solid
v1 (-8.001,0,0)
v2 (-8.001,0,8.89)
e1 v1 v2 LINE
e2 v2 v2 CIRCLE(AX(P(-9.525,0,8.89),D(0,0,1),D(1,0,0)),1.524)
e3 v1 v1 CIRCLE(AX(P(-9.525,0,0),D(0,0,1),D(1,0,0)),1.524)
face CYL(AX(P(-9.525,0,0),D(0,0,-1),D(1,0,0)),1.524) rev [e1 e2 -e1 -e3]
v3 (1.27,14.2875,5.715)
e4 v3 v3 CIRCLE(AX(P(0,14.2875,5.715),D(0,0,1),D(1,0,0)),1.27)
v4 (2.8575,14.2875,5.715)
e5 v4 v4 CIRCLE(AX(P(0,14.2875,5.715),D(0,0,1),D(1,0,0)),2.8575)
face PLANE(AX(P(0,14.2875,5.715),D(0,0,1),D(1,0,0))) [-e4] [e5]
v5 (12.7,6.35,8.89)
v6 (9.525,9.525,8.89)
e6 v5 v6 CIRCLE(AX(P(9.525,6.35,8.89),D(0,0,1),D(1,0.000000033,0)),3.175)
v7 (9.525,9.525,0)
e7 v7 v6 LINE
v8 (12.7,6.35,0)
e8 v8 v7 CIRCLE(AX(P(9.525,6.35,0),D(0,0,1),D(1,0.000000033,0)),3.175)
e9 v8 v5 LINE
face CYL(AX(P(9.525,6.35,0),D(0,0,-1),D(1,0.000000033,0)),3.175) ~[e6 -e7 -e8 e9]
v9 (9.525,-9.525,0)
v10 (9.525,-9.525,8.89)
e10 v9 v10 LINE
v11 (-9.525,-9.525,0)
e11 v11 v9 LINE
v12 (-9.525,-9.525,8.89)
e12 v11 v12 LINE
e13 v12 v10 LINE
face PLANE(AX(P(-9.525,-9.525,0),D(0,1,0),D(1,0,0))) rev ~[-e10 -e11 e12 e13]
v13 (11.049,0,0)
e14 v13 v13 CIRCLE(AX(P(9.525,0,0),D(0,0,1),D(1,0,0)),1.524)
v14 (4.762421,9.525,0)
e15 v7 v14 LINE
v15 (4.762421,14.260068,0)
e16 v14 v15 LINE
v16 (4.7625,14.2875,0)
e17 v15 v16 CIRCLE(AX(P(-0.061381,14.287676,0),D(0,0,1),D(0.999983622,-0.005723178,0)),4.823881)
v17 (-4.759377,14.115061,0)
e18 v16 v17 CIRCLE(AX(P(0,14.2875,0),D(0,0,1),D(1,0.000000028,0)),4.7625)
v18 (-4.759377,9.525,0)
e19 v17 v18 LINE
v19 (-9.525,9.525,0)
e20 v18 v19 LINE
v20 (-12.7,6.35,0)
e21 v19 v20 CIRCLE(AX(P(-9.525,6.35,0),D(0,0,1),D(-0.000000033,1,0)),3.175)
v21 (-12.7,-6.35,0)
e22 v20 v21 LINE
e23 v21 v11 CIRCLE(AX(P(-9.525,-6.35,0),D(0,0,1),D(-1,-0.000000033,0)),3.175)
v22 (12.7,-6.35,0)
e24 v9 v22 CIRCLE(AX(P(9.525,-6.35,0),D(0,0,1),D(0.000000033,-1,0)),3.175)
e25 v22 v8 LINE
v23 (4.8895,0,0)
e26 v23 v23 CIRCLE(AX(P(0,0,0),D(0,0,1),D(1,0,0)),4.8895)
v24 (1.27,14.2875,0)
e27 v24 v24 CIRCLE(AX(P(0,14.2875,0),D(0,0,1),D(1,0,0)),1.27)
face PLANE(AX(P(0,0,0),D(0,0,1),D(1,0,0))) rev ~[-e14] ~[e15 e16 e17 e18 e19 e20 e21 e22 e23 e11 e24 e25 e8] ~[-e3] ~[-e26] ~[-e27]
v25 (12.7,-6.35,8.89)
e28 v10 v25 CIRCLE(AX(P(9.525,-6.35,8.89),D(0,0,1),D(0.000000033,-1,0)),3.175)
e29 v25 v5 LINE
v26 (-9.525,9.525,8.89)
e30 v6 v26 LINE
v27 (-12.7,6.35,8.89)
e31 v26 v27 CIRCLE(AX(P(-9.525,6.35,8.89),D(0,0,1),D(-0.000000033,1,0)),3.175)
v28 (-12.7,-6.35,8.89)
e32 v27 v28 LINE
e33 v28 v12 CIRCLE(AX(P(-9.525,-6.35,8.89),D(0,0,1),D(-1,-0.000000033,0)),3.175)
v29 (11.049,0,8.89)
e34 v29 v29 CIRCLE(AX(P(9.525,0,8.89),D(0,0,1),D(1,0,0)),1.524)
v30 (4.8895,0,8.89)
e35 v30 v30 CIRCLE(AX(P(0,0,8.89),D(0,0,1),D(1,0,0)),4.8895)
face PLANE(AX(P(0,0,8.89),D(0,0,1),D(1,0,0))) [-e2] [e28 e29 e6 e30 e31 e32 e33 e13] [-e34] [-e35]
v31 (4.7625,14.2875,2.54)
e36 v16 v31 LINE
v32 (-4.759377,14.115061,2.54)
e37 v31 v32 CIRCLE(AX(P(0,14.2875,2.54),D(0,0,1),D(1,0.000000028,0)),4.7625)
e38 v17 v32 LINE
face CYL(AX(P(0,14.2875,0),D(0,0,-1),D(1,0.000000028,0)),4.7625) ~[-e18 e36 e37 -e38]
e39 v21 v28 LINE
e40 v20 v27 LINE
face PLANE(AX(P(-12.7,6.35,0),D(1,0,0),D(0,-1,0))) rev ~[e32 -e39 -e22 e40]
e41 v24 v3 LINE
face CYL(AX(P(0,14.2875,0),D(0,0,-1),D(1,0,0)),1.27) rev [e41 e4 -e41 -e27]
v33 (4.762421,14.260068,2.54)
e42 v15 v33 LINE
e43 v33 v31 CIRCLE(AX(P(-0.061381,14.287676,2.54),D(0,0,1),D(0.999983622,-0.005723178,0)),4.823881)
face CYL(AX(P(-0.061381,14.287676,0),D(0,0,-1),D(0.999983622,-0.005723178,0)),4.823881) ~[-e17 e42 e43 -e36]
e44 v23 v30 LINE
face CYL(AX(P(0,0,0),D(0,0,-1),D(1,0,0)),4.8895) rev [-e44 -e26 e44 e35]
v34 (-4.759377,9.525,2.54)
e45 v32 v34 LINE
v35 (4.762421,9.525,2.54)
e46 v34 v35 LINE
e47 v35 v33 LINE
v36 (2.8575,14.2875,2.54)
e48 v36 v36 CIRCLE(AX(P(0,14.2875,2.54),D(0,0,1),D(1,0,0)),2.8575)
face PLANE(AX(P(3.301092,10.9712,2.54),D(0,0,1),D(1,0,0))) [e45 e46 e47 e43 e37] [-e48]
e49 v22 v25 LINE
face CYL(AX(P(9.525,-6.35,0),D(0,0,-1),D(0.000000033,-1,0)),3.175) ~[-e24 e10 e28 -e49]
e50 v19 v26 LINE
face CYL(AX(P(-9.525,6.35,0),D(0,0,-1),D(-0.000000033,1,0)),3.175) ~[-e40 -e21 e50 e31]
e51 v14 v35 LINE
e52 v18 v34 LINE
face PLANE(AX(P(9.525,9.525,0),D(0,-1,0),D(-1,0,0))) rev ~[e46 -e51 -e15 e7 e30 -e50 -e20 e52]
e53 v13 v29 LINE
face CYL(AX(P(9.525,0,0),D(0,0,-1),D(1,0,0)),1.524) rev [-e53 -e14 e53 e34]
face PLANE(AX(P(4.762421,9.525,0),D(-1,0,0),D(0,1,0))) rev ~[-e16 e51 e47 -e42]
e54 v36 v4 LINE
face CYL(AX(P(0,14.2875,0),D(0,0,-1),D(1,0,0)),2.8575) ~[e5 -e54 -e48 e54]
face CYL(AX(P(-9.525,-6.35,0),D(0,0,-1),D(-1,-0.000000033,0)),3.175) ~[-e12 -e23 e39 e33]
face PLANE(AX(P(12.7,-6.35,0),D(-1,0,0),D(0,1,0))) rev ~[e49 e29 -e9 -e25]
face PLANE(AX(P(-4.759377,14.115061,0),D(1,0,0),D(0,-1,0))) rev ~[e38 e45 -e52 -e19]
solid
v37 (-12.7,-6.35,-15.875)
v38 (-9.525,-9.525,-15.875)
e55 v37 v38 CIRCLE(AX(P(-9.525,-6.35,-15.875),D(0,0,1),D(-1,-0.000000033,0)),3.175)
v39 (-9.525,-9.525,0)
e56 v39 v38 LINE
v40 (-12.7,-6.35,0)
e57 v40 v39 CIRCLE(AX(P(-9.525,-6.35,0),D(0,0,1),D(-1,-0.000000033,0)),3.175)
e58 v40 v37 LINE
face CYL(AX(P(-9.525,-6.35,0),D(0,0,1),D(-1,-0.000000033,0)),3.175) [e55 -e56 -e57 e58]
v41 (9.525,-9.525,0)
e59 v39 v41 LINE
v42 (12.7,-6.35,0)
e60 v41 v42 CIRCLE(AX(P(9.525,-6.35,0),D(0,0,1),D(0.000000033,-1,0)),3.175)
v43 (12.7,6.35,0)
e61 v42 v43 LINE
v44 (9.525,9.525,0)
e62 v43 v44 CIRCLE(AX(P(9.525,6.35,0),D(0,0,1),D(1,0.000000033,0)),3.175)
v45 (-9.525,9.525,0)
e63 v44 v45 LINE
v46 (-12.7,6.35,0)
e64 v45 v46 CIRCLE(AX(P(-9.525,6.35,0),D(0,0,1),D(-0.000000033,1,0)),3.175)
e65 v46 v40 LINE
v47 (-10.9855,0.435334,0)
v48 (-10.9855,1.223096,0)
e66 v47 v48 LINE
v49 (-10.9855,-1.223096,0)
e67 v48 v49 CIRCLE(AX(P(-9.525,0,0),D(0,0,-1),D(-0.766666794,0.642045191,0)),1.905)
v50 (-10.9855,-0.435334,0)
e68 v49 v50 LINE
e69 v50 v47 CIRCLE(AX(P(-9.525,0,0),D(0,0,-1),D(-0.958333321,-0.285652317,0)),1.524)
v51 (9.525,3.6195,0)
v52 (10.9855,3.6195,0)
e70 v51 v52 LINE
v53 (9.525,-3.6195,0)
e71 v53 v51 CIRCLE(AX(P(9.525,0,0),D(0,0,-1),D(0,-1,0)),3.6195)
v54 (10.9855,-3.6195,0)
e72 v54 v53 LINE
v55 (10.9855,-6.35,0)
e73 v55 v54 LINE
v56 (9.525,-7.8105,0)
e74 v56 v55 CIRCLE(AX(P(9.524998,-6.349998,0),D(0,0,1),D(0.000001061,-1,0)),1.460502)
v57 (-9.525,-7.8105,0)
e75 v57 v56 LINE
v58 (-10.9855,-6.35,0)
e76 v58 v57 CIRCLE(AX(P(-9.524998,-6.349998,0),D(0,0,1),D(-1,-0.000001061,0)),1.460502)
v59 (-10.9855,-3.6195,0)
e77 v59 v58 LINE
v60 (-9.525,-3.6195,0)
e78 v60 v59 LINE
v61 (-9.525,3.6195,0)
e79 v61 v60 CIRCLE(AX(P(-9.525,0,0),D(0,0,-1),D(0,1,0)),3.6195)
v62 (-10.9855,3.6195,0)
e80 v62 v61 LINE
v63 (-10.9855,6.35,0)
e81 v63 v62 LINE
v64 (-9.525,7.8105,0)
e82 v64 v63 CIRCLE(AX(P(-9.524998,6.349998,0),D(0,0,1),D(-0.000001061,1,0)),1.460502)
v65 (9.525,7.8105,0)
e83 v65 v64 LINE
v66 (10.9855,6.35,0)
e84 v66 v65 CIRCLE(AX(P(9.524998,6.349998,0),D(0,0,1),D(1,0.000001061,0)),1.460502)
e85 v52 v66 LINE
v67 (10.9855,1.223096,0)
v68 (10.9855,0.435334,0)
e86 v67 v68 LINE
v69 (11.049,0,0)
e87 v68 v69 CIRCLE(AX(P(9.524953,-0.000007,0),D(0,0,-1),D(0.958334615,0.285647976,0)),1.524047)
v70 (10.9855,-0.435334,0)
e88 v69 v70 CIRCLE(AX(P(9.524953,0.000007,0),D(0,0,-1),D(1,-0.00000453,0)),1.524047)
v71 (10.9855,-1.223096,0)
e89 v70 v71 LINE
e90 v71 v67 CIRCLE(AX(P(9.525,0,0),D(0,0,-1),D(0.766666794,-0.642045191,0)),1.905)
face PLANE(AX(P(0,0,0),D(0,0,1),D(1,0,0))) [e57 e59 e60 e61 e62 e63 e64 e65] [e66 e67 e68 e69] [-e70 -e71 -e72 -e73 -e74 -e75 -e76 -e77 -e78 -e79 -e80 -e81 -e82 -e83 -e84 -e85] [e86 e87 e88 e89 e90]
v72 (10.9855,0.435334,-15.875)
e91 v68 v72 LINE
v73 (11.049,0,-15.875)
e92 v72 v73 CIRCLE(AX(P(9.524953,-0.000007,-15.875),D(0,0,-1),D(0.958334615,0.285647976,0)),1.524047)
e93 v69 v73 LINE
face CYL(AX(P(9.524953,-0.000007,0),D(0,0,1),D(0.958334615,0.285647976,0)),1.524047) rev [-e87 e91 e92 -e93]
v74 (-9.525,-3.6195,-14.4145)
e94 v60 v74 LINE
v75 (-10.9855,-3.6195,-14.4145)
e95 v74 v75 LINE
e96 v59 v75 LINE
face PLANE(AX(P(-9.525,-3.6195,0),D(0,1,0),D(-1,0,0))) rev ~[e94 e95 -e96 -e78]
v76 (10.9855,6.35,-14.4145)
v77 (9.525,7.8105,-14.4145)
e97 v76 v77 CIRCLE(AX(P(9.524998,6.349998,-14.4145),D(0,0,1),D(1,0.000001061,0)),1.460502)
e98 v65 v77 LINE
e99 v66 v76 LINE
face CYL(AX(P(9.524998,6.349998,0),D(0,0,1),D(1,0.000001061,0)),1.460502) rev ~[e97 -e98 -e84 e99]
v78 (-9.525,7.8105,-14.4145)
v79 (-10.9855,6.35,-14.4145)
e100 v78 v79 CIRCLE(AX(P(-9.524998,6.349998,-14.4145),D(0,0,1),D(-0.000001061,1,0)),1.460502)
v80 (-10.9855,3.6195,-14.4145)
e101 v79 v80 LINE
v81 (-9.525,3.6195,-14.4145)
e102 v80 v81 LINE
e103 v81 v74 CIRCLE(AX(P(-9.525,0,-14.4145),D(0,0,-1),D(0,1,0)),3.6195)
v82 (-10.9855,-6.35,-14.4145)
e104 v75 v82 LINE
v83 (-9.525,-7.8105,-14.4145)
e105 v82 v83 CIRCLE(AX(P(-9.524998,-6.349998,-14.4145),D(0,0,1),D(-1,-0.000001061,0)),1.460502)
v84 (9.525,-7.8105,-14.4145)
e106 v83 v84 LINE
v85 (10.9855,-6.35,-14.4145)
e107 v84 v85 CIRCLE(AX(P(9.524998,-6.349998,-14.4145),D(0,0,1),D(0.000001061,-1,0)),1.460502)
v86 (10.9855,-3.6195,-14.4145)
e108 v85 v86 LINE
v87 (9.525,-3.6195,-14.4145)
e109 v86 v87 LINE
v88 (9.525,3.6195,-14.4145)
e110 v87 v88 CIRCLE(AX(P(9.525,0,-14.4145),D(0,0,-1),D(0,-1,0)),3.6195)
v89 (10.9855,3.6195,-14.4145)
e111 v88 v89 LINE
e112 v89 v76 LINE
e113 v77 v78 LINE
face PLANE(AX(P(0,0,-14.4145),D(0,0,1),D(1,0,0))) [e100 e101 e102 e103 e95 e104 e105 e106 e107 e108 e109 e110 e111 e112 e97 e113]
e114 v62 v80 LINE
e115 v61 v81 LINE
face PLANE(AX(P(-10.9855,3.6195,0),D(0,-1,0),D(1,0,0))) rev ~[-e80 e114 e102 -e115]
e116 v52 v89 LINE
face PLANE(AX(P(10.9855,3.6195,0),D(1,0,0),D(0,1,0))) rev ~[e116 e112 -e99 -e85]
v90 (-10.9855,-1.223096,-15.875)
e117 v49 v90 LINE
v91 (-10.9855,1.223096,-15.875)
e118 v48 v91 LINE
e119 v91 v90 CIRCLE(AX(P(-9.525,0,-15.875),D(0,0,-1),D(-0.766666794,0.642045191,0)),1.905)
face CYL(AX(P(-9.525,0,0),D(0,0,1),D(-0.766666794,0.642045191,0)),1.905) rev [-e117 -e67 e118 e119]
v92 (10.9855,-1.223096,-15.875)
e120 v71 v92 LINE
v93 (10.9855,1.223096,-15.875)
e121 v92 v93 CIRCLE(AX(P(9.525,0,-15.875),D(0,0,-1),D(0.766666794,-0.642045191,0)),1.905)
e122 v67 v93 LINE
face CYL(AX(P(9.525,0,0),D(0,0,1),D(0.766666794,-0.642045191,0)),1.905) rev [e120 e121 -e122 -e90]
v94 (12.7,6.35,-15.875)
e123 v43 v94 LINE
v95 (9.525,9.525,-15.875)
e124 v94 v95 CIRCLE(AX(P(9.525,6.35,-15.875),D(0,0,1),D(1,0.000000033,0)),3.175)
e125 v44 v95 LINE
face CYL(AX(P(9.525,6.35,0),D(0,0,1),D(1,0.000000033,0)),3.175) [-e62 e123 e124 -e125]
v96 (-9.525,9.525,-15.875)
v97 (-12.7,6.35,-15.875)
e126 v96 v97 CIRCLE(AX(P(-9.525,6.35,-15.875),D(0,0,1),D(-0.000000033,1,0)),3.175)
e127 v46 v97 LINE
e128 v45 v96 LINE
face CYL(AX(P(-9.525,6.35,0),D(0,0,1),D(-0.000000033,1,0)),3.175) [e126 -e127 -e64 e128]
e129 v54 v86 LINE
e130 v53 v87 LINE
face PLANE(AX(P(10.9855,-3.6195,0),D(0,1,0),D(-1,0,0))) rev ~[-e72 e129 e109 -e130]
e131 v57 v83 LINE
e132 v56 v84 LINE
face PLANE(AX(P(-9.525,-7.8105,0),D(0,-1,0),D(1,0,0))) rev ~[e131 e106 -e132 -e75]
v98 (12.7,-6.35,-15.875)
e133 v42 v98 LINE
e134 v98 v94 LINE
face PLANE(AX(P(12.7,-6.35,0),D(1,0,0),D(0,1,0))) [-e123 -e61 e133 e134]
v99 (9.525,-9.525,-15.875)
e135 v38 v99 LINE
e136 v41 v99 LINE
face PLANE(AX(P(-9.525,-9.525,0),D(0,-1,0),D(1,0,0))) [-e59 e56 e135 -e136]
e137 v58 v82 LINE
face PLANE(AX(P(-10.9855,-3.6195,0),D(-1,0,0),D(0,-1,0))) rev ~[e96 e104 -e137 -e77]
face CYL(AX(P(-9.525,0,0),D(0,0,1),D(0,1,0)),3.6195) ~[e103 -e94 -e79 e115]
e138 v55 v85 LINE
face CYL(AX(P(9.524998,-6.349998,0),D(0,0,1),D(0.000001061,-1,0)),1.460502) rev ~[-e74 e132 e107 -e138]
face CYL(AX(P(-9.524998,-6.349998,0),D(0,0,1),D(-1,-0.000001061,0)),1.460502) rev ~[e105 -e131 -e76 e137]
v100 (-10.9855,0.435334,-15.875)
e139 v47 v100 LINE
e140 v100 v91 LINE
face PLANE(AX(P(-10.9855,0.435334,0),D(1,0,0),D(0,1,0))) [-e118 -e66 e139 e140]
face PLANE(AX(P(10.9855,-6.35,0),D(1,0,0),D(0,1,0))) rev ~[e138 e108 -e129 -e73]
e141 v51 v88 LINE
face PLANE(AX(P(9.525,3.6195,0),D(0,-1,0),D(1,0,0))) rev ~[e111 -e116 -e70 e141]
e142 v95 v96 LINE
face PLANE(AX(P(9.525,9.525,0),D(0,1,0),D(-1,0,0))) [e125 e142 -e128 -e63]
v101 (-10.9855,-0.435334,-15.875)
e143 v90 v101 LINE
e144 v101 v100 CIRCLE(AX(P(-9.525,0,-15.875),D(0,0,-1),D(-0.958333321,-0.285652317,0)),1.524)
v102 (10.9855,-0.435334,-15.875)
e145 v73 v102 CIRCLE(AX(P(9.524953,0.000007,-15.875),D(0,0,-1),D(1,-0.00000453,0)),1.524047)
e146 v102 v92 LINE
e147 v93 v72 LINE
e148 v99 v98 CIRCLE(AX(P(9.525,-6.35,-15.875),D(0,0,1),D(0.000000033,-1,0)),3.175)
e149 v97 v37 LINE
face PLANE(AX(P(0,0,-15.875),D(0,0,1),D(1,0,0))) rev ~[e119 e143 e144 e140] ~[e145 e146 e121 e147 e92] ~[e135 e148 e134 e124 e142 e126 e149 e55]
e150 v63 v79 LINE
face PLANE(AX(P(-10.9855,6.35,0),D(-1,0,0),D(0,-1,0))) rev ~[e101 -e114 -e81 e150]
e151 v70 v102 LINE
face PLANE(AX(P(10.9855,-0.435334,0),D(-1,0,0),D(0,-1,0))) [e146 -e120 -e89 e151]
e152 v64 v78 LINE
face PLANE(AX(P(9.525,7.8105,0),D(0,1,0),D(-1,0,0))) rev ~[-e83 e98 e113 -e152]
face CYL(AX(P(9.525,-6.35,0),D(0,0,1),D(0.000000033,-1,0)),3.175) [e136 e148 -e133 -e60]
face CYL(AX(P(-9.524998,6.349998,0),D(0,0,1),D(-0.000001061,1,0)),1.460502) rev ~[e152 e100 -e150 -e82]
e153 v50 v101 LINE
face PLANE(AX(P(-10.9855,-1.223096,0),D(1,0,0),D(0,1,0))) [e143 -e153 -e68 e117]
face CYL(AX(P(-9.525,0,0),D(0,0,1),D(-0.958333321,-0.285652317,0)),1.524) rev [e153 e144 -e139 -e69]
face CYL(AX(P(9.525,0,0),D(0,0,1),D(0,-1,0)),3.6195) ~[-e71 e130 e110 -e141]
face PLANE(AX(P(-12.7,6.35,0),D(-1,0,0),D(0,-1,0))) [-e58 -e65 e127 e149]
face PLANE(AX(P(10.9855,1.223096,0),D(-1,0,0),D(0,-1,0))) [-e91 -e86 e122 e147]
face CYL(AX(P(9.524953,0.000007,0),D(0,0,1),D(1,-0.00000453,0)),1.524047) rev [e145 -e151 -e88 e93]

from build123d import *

# Parameters (mm, degrees)
F0_R     = 1.524
F0_R_2   = 4.8895
F1_DEPTH = 8.89
F0_R_3   = 2.8575
F2_DEPTH = 2.54
F0_R_4   = 1.27
F3_DEPTH = 5.715
F4_R     = 4.8895
F5_DEPTH = 15.875
F6_DEPTH = 14.4145


with BuildPart() as f1:
    # F0 (on Top) → F1 (new body)
    with BuildSketch(Plane.XY):
        with BuildLine():
            Line((-9.525, -9.525), (9.525, -9.525))
            ThreePointArc((9.525, -9.525), (11.770064, -8.595064), (12.7, -6.35))
            Line((12.7, -6.35), (12.7, 6.35))
            ThreePointArc((12.7, 6.35), (11.770064, 8.595064), (9.525, 9.525))
            Line((9.525, 9.525), (4.762421, 9.525))
            Line((4.762421, 9.525), (0, 9.525))
            Line((0, 9.525), (-4.759377, 9.525))
            Line((-4.759377, 9.525), (-9.525, 9.525))
            ThreePointArc((-9.525, 9.525), (-11.770064, 8.595064), (-12.7, 6.35))
            Line((-12.7, 6.35), (-12.7, -6.35))
            ThreePointArc((-12.7, -6.35), (-11.770064, -8.595064), (-9.525, -9.525))
        make_face()
        with Locations((-9.525, 0)):
            Circle(F0_R, mode=Mode.SUBTRACT)
        Circle(F0_R_2, mode=Mode.SUBTRACT)
        with Locations((9.525, 0)):
            Circle(F0_R, mode=Mode.SUBTRACT)
    extrude(amount=F1_DEPTH)

    # F0 (on Top) → F2 (join)
    with BuildSketch(Plane.XY):
        with BuildLine():
            Line((0, 9.525), (4.762421, 9.525))
            Line((4.762421, 9.525), (4.762421, 14.260068))
            ThreePointArc((4.762421, 14.260068), (3.357883, 10.910219), (0, 9.525))
        make_face()
        with BuildLine():
            Line((-4.759377, 14.115061), (-4.759377, 9.525))
            Line((-4.759377, 9.525), (0, 9.525))
            ThreePointArc((0, 9.525), (-3.306067, 10.859479), (-4.759377, 14.115061))
        make_face()
        with BuildLine():
            ThreePointArc((-4.759377, 14.115061), (-3.306067, 10.859479), (0, 9.525))
            ThreePointArc((0, 9.525), (3.357883, 10.910219), (4.762421, 14.260068))
            ThreePointArc((4.762421, 14.260068), (4.76248, 14.273784), (4.7625, 14.2875))
            ThreePointArc((4.7625, 14.2875), (-0.086234, 19.049219), (-4.759377, 14.115061))
        make_face()
        with Locations((0, 14.2875)):
            Circle(F0_R_3, mode=Mode.SUBTRACT)
    extrude(amount=F2_DEPTH)

    # F0 (on Top) → F3 (join)
    with BuildSketch(Plane.XY):
        with Locations((0, 14.2875)):
            Circle(F0_R_3)
        with Locations((0, 14.2875)):
            Circle(F0_R_4, mode=Mode.SUBTRACT)
    extrude(amount=F3_DEPTH)


with BuildPart() as f5:
    # F4 (on face) → F5 (new body)
    with BuildSketch(Plane.XY):
        with BuildLine():
            Line((-9.525, -9.525), (9.525, -9.525))
            ThreePointArc((9.525, -9.525), (11.770064, -8.595064), (12.7, -6.35))
            Line((12.7, -6.35), (12.7, 6.35))
            ThreePointArc((12.7, 6.35), (11.770064, 8.595064), (9.525, 9.525))
            Line((9.525, 9.525), (4.762421, 9.525))
            Line((4.762421, 9.525), (0, 9.525))
            Line((0, 9.525), (-4.759377, 9.525))
            Line((-4.759377, 9.525), (-9.525, 9.525))
            ThreePointArc((-9.525, 9.525), (-11.770064, 8.595064), (-12.7, 6.35))
            Line((-12.7, 6.35), (-12.7, -6.35))
            ThreePointArc((-12.7, -6.35), (-11.770064, -8.595064), (-9.525, -9.525))
        make_face()
        with BuildLine():
            Line((10.9855, 3.6195), (10.9855, 1.223096))
            Line((10.9855, 1.223096), (10.9855, 0.435334))
            ThreePointArc((10.9855, 0.435334), (11.033041, 0.21997), (11.049, 0))
            ThreePointArc((11.049, 0), (11.033041, -0.21997), (10.9855, -0.435334))
            Line((10.9855, -0.435334), (10.9855, -1.223096))
            Line((10.9855, -1.223096), (10.9855, -3.6195))
            Line((10.9855, -3.6195), (10.9855, -6.35))
            ThreePointArc((10.9855, -6.35), (10.557729, -7.382729), (9.525, -7.8105))
            Line((9.525, -7.8105), (-9.525, -7.8105))
            ThreePointArc((-9.525, -7.8105), (-10.557729, -7.382729), (-10.9855, -6.35))
            Line((-10.9855, -6.35), (-10.9855, -3.6195))
            Line((-10.9855, -3.6195), (-10.9855, -1.223096))
            Line((-10.9855, -1.223096), (-10.9855, -0.435334))
            ThreePointArc((-10.9855, -0.435334), (-11.049, 0), (-10.9855, 0.435334))
            Line((-10.9855, 0.435334), (-10.9855, 1.223096))
            Line((-10.9855, 1.223096), (-10.9855, 3.6195))
            Line((-10.9855, 3.6195), (-10.9855, 6.35))
            ThreePointArc((-10.9855, 6.35), (-10.557729, 7.382729), (-9.525, 7.8105))
            Line((-9.525, 7.8105), (9.525, 7.8105))
            ThreePointArc((9.525, 7.8105), (10.557729, 7.382729), (10.9855, 6.35))
            Line((10.9855, 6.35), (10.9855, 3.6195))
        make_face(mode=Mode.SUBTRACT)
        with BuildLine():
            Line((-9.525, 3.6195), (-10.9855, 3.6195))
            Line((-10.9855, 3.6195), (-10.9855, 1.223096))
            ThreePointArc((-10.9855, 1.223096), (-7.62, 0), (-10.9855, -1.223096))
            Line((-10.9855, -1.223096), (-10.9855, -3.6195))
            Line((-10.9855, -3.6195), (-9.525, -3.6195))
            ThreePointArc((-9.525, -3.6195), (-5.9055, 0), (-9.525, 3.6195))
        make_face()
        with BuildLine():
            ThreePointArc((10.9855, -1.223096), (7.62, 0), (10.9855, 1.223096))
            Line((10.9855, 1.223096), (10.9855, 3.6195))
            Line((10.9855, 3.6195), (9.525, 3.6195))
            ThreePointArc((9.525, 3.6195), (5.9055, 0), (9.525, -3.6195))
            Line((9.525, -3.6195), (10.9855, -3.6195))
            Line((10.9855, -3.6195), (10.9855, -1.223096))
        make_face()
        with BuildLine():
            Line((9.525, 3.6195), (10.9855, 3.6195))
            Line((10.9855, 3.6195), (10.9855, 6.35))
            ThreePointArc((10.9855, 6.35), (10.557729, 7.382729), (9.525, 7.8105))
            Line((9.525, 7.8105), (-9.525, 7.8105))
            ThreePointArc((-9.525, 7.8105), (-10.557729, 7.382729), (-10.9855, 6.35))
            Line((-10.9855, 6.35), (-10.9855, 3.6195))
            Line((-10.9855, 3.6195), (-9.525, 3.6195))
            ThreePointArc((-9.525, 3.6195), (-5.9055, 0), (-9.525, -3.6195))
            Line((-9.525, -3.6195), (-10.9855, -3.6195))
            Line((-10.9855, -3.6195), (-10.9855, -6.35))
            ThreePointArc((-10.9855, -6.35), (-10.557729, -7.382729), (-9.525, -7.8105))
            Line((-9.525, -7.8105), (9.525, -7.8105))
            ThreePointArc((9.525, -7.8105), (10.557729, -7.382729), (10.9855, -6.35))
            Line((10.9855, -6.35), (10.9855, -3.6195))
            Line((10.9855, -3.6195), (9.525, -3.6195))
            ThreePointArc((9.525, -3.6195), (5.9055, 0), (9.525, 3.6195))
        make_face()
        Circle(F4_R, mode=Mode.SUBTRACT)
        Circle(F4_R)
    extrude(amount=-F5_DEPTH)

    # F4 (on face) → F6 (cut)
    with BuildSketch(Plane.XY):
        with BuildLine():
            Line((9.525, 3.6195), (10.9855, 3.6195))
            Line((10.9855, 3.6195), (10.9855, 6.35))
            ThreePointArc((10.9855, 6.35), (10.557729, 7.382729), (9.525, 7.8105))
            Line((9.525, 7.8105), (-9.525, 7.8105))
            ThreePointArc((-9.525, 7.8105), (-10.557729, 7.382729), (-10.9855, 6.35))
            Line((-10.9855, 6.35), (-10.9855, 3.6195))
            Line((-10.9855, 3.6195), (-9.525, 3.6195))
            ThreePointArc((-9.525, 3.6195), (-5.9055, 0), (-9.525, -3.6195))
            Line((-9.525, -3.6195), (-10.9855, -3.6195))
            Line((-10.9855, -3.6195), (-10.9855, -6.35))
            ThreePointArc((-10.9855, -6.35), (-10.557729, -7.382729), (-9.525, -7.8105))
            Line((-9.525, -7.8105), (9.525, -7.8105))
            ThreePointArc((9.525, -7.8105), (10.557729, -7.382729), (10.9855, -6.35))
            Line((10.9855, -6.35), (10.9855, -3.6195))
            Line((10.9855, -3.6195), (9.525, -3.6195))
            ThreePointArc((9.525, -3.6195), (5.9055, 0), (9.525, 3.6195))
        make_face()
        Circle(F4_R, mode=Mode.SUBTRACT)
        Circle(F4_R)
    extrude(amount=-F6_DEPTH, mode=Mode.SUBTRACT)


solid = Compound([f1.part, f5.part])
